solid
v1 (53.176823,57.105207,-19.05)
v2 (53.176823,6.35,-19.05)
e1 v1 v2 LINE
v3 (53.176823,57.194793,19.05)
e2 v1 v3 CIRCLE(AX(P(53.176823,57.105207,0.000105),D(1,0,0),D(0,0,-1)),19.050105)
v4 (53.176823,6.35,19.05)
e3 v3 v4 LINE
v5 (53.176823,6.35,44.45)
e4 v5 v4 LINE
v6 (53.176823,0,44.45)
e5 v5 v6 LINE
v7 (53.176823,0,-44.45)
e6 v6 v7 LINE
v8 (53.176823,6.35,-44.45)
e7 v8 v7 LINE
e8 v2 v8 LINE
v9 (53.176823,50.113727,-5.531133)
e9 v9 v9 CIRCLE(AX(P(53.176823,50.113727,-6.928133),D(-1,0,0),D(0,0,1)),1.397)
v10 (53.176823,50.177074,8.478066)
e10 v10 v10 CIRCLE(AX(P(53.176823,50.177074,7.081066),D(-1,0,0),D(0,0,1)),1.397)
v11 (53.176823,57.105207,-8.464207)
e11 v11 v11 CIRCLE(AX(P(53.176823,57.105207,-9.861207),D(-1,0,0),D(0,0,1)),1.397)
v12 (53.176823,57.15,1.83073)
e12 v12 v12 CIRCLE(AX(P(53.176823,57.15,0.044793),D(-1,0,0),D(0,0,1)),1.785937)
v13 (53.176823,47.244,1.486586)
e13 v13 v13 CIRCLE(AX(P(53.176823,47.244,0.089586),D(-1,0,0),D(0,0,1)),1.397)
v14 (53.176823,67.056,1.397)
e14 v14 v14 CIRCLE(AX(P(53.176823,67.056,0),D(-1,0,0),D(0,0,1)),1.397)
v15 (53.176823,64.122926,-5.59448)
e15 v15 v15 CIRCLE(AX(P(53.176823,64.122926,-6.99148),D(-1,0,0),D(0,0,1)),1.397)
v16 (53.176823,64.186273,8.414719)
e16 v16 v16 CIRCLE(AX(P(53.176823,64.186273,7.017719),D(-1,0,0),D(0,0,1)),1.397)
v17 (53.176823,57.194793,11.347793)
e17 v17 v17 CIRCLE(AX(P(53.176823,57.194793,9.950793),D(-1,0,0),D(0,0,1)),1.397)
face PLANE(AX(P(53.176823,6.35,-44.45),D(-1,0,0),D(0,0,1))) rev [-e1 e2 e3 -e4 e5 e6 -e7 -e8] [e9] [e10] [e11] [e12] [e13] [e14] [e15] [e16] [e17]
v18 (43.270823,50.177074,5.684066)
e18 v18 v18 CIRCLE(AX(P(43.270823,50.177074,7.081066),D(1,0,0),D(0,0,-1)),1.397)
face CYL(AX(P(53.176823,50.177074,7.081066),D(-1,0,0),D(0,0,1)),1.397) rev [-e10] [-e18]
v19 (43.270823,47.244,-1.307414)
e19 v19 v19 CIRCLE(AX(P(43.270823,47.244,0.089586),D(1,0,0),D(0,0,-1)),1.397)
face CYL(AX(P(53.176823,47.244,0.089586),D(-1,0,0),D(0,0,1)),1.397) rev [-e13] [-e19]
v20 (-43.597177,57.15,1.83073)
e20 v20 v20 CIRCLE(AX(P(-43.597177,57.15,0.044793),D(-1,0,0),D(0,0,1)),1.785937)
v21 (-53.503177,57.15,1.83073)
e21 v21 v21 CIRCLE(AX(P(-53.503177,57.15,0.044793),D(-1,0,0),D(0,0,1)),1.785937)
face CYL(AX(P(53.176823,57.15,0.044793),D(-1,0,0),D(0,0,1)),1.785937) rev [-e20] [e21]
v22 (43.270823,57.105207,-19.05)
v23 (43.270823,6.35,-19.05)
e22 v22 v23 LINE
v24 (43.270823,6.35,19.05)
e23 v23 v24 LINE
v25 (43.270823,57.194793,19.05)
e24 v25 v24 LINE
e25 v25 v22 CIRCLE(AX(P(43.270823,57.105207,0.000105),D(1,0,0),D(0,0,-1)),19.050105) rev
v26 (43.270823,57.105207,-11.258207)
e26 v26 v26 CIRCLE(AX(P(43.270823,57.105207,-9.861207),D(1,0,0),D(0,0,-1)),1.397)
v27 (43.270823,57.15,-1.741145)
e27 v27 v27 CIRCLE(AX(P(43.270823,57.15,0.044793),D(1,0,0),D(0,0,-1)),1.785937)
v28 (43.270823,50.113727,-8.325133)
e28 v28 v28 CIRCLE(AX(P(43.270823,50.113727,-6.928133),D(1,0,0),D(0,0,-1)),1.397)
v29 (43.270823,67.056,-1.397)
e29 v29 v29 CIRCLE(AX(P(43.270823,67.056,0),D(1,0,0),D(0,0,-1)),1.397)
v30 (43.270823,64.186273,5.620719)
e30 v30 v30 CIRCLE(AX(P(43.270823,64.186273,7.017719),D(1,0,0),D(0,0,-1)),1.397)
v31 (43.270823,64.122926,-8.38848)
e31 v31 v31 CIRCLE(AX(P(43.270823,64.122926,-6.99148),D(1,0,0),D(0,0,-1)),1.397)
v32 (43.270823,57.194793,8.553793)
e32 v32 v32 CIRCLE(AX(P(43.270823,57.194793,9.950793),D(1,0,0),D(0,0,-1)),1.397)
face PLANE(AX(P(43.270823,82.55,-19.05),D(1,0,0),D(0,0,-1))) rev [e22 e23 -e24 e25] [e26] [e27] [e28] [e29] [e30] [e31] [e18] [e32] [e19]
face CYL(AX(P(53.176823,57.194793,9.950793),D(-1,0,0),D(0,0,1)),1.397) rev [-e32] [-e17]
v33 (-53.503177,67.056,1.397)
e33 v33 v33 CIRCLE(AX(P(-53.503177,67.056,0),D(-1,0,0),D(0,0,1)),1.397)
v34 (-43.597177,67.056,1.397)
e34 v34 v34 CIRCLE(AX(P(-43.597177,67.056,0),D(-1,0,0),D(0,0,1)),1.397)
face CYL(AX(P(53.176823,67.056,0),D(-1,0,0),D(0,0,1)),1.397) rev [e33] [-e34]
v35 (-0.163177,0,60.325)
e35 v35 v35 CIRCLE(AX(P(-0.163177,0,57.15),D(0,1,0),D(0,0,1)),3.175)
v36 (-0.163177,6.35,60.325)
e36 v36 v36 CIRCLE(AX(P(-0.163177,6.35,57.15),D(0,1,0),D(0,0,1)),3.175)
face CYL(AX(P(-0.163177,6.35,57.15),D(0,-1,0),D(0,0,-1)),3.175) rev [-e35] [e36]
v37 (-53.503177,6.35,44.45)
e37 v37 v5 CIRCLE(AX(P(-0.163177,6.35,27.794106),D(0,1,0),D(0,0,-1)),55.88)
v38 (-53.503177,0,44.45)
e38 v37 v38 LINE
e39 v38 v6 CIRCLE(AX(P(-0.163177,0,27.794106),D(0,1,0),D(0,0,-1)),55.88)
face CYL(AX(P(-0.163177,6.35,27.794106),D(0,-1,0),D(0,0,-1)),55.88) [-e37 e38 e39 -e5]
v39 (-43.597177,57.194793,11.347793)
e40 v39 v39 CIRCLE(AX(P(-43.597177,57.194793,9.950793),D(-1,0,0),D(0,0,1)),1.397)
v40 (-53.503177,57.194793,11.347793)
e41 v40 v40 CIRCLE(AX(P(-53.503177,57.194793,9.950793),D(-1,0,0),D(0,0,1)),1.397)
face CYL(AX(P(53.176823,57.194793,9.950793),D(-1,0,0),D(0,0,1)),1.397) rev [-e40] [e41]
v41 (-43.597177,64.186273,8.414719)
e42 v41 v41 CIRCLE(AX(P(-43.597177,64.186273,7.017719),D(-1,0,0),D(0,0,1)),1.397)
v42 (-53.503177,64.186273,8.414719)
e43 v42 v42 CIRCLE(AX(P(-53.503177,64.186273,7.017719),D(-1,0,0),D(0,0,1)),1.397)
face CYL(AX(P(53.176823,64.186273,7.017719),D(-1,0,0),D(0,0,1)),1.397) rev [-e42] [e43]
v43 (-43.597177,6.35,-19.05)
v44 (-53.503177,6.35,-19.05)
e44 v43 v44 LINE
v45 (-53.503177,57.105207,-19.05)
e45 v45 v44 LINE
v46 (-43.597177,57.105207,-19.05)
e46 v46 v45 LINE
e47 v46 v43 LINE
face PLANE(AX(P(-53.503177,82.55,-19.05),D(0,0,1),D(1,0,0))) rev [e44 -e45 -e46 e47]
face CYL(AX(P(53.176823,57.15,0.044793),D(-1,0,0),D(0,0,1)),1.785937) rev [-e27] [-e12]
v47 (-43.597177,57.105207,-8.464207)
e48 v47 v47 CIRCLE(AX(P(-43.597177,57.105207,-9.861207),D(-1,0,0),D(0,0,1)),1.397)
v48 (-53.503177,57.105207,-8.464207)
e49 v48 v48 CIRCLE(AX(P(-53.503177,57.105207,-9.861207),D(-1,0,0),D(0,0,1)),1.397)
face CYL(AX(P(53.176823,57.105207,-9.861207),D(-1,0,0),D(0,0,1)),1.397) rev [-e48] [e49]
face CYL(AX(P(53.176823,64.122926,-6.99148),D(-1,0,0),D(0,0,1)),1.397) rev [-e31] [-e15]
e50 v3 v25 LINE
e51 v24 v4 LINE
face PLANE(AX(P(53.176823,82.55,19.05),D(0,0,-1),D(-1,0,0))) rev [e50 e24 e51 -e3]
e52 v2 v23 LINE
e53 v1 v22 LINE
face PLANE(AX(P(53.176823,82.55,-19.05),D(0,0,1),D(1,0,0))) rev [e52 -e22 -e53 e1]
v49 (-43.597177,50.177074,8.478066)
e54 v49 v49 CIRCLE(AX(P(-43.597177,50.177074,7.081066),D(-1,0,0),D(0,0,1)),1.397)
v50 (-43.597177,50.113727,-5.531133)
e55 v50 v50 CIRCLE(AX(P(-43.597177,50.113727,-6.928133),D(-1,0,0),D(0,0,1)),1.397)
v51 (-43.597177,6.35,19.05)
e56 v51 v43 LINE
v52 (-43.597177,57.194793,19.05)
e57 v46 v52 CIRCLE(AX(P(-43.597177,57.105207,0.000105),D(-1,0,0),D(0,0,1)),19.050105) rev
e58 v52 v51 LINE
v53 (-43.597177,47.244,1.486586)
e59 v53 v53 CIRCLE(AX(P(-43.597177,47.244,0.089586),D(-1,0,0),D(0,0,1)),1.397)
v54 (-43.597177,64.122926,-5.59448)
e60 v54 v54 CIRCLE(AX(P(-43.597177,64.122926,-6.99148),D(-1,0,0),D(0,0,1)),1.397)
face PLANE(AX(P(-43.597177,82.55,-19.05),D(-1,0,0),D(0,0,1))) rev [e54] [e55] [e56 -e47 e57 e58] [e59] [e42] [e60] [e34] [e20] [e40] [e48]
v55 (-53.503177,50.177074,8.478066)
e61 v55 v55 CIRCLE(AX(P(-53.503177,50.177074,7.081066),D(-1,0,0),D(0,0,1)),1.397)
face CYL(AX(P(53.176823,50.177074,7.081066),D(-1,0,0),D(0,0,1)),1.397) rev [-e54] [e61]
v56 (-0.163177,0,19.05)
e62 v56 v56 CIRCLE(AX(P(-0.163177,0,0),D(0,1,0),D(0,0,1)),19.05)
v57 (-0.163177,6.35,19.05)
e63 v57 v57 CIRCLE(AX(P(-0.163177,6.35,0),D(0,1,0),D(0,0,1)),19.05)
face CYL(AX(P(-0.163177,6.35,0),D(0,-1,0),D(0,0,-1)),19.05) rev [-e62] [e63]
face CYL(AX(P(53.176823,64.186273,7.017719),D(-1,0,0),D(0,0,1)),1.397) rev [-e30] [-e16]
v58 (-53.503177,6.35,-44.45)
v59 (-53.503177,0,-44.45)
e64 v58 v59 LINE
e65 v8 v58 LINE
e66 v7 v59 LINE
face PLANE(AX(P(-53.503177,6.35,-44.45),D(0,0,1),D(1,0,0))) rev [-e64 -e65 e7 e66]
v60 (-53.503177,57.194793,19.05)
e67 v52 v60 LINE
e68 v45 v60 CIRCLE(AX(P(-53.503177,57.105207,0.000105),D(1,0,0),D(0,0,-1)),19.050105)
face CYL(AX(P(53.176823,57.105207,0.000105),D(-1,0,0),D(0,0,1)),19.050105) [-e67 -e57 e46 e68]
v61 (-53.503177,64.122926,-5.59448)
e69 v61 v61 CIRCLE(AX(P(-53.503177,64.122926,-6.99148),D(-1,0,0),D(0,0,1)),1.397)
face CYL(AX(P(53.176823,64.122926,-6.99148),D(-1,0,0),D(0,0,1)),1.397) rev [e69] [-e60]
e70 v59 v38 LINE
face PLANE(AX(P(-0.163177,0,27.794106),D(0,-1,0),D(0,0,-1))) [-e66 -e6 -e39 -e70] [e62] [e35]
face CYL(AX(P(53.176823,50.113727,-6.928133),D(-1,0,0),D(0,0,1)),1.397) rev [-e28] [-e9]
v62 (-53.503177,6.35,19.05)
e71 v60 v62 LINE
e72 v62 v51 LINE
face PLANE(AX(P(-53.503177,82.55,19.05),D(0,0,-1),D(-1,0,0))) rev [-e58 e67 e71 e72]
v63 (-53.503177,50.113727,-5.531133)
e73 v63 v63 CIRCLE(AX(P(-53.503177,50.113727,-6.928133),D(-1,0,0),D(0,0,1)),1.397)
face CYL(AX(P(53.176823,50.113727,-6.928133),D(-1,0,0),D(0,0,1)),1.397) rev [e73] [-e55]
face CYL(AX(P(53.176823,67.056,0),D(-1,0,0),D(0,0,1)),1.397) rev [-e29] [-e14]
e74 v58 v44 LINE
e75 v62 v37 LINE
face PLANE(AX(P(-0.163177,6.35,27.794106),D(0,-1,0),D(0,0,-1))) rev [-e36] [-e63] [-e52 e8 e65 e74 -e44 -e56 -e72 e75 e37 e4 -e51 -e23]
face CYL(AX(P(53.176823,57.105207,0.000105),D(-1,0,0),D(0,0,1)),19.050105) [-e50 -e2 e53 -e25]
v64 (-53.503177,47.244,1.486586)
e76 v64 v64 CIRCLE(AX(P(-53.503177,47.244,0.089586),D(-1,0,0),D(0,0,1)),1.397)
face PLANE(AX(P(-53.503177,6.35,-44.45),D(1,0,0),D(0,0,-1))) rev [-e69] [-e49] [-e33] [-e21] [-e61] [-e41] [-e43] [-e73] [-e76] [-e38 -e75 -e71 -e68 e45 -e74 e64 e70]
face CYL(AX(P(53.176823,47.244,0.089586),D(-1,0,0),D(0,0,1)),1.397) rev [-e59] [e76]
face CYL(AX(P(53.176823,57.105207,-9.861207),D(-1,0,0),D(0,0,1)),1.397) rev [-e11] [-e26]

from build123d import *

# Parameters (mm, degrees)
SKETCH1_R           = 19.05
SKETCH1_R_2         = 3.175
BOSS_EXTRUDE1_DEPTH = 6.35
SKETCH6_W           = 9.906
SKETCH6_H           = 38.1
BOSS_EXTRUDE2_DEPTH = 76.2
SKETCH7_R           = 1.397
SKETCH7_R_2         = 1.7859375
CUT_EXTRUDE1_DEPTH  = 107.68


with BuildPart() as part:
    # Sketch1 → Boss-Extrude1 (new body)
    with BuildSketch(Plane(origin=(0, 0, 0), x_dir=(1, 0, 0), z_dir=(0, 1, 0))):
        with BuildLine():
            Line((-53.503176773, 44.45), (53.176823227, 44.45))
            Line((53.176823227, 44.45), (53.176823227, -44.45))
            ThreePointArc((53.176823227, -44.45), (-0.163176773, -83.674106148), (-53.503176773, -44.45))
            Line((-53.503176773, -44.45), (-53.503176773, 44.45))
        make_face()
        with Locations((-0.163176773, 0)):
            Circle(SKETCH1_R, mode=Mode.SUBTRACT)
        with Locations((-0.163176773, -57.15)):
            Circle(SKETCH1_R_2, mode=Mode.SUBTRACT)
    extrude(amount=BOSS_EXTRUDE1_DEPTH)

    # Sketch6 → Boss-Extrude2 (add)
    with BuildSketch(Plane(origin=(0, 6.35, 0), x_dir=(1, 0, 0), z_dir=(0, 1, 0))):
        with Locations((-48.550176773, 0)):
            Rectangle(SKETCH6_W, SKETCH6_H)
        with Locations((48.223823227, 0)):
            Rectangle(SKETCH6_W, SKETCH6_H)
    extrude(amount=BOSS_EXTRUDE2_DEPTH)

    # Sketch7 → Cut-Extrude1 (cut, through all)
    with BuildSketch(Plane.ZY.offset(53.503176773)):
        with Locations((-6.991480211, 64.122926346)):
            Circle(SKETCH7_R)
        with Locations((0, 67.056)):
            Circle(SKETCH7_R)
        with Locations((7.017719338, 64.186273203)):
            Circle(SKETCH7_R)
        with Locations((9.950792993, 57.194792993)):
            Circle(SKETCH7_R)
        with Locations((7.081066196, 50.177073654)):
            Circle(SKETCH7_R)
        with Locations((0.089585985, 47.244)):
            Circle(SKETCH7_R)
        with Locations((-6.928133353, 50.113726797)):
            Circle(SKETCH7_R)
        with Locations((-9.861207007, 57.105207007)):
            Circle(SKETCH7_R)
        with Locations((0.044792993, 57.15)):
            Circle(SKETCH7_R_2)
        with BuildLine():
            Line((-19.05, 57.105207007), (-19.05, 82.55))
            Line((-19.05, 82.55), (19.05, 82.55))
            Line((19.05, 82.55), (19.05, 57.194792993))
            ThreePointArc((19.05, 57.194792993), (-0.044687793, 76.155259669), (-19.05, 57.105207007))
        make_face()
    extrude(amount=-CUT_EXTRUDE1_DEPTH, mode=Mode.SUBTRACT)


solid = part.part
